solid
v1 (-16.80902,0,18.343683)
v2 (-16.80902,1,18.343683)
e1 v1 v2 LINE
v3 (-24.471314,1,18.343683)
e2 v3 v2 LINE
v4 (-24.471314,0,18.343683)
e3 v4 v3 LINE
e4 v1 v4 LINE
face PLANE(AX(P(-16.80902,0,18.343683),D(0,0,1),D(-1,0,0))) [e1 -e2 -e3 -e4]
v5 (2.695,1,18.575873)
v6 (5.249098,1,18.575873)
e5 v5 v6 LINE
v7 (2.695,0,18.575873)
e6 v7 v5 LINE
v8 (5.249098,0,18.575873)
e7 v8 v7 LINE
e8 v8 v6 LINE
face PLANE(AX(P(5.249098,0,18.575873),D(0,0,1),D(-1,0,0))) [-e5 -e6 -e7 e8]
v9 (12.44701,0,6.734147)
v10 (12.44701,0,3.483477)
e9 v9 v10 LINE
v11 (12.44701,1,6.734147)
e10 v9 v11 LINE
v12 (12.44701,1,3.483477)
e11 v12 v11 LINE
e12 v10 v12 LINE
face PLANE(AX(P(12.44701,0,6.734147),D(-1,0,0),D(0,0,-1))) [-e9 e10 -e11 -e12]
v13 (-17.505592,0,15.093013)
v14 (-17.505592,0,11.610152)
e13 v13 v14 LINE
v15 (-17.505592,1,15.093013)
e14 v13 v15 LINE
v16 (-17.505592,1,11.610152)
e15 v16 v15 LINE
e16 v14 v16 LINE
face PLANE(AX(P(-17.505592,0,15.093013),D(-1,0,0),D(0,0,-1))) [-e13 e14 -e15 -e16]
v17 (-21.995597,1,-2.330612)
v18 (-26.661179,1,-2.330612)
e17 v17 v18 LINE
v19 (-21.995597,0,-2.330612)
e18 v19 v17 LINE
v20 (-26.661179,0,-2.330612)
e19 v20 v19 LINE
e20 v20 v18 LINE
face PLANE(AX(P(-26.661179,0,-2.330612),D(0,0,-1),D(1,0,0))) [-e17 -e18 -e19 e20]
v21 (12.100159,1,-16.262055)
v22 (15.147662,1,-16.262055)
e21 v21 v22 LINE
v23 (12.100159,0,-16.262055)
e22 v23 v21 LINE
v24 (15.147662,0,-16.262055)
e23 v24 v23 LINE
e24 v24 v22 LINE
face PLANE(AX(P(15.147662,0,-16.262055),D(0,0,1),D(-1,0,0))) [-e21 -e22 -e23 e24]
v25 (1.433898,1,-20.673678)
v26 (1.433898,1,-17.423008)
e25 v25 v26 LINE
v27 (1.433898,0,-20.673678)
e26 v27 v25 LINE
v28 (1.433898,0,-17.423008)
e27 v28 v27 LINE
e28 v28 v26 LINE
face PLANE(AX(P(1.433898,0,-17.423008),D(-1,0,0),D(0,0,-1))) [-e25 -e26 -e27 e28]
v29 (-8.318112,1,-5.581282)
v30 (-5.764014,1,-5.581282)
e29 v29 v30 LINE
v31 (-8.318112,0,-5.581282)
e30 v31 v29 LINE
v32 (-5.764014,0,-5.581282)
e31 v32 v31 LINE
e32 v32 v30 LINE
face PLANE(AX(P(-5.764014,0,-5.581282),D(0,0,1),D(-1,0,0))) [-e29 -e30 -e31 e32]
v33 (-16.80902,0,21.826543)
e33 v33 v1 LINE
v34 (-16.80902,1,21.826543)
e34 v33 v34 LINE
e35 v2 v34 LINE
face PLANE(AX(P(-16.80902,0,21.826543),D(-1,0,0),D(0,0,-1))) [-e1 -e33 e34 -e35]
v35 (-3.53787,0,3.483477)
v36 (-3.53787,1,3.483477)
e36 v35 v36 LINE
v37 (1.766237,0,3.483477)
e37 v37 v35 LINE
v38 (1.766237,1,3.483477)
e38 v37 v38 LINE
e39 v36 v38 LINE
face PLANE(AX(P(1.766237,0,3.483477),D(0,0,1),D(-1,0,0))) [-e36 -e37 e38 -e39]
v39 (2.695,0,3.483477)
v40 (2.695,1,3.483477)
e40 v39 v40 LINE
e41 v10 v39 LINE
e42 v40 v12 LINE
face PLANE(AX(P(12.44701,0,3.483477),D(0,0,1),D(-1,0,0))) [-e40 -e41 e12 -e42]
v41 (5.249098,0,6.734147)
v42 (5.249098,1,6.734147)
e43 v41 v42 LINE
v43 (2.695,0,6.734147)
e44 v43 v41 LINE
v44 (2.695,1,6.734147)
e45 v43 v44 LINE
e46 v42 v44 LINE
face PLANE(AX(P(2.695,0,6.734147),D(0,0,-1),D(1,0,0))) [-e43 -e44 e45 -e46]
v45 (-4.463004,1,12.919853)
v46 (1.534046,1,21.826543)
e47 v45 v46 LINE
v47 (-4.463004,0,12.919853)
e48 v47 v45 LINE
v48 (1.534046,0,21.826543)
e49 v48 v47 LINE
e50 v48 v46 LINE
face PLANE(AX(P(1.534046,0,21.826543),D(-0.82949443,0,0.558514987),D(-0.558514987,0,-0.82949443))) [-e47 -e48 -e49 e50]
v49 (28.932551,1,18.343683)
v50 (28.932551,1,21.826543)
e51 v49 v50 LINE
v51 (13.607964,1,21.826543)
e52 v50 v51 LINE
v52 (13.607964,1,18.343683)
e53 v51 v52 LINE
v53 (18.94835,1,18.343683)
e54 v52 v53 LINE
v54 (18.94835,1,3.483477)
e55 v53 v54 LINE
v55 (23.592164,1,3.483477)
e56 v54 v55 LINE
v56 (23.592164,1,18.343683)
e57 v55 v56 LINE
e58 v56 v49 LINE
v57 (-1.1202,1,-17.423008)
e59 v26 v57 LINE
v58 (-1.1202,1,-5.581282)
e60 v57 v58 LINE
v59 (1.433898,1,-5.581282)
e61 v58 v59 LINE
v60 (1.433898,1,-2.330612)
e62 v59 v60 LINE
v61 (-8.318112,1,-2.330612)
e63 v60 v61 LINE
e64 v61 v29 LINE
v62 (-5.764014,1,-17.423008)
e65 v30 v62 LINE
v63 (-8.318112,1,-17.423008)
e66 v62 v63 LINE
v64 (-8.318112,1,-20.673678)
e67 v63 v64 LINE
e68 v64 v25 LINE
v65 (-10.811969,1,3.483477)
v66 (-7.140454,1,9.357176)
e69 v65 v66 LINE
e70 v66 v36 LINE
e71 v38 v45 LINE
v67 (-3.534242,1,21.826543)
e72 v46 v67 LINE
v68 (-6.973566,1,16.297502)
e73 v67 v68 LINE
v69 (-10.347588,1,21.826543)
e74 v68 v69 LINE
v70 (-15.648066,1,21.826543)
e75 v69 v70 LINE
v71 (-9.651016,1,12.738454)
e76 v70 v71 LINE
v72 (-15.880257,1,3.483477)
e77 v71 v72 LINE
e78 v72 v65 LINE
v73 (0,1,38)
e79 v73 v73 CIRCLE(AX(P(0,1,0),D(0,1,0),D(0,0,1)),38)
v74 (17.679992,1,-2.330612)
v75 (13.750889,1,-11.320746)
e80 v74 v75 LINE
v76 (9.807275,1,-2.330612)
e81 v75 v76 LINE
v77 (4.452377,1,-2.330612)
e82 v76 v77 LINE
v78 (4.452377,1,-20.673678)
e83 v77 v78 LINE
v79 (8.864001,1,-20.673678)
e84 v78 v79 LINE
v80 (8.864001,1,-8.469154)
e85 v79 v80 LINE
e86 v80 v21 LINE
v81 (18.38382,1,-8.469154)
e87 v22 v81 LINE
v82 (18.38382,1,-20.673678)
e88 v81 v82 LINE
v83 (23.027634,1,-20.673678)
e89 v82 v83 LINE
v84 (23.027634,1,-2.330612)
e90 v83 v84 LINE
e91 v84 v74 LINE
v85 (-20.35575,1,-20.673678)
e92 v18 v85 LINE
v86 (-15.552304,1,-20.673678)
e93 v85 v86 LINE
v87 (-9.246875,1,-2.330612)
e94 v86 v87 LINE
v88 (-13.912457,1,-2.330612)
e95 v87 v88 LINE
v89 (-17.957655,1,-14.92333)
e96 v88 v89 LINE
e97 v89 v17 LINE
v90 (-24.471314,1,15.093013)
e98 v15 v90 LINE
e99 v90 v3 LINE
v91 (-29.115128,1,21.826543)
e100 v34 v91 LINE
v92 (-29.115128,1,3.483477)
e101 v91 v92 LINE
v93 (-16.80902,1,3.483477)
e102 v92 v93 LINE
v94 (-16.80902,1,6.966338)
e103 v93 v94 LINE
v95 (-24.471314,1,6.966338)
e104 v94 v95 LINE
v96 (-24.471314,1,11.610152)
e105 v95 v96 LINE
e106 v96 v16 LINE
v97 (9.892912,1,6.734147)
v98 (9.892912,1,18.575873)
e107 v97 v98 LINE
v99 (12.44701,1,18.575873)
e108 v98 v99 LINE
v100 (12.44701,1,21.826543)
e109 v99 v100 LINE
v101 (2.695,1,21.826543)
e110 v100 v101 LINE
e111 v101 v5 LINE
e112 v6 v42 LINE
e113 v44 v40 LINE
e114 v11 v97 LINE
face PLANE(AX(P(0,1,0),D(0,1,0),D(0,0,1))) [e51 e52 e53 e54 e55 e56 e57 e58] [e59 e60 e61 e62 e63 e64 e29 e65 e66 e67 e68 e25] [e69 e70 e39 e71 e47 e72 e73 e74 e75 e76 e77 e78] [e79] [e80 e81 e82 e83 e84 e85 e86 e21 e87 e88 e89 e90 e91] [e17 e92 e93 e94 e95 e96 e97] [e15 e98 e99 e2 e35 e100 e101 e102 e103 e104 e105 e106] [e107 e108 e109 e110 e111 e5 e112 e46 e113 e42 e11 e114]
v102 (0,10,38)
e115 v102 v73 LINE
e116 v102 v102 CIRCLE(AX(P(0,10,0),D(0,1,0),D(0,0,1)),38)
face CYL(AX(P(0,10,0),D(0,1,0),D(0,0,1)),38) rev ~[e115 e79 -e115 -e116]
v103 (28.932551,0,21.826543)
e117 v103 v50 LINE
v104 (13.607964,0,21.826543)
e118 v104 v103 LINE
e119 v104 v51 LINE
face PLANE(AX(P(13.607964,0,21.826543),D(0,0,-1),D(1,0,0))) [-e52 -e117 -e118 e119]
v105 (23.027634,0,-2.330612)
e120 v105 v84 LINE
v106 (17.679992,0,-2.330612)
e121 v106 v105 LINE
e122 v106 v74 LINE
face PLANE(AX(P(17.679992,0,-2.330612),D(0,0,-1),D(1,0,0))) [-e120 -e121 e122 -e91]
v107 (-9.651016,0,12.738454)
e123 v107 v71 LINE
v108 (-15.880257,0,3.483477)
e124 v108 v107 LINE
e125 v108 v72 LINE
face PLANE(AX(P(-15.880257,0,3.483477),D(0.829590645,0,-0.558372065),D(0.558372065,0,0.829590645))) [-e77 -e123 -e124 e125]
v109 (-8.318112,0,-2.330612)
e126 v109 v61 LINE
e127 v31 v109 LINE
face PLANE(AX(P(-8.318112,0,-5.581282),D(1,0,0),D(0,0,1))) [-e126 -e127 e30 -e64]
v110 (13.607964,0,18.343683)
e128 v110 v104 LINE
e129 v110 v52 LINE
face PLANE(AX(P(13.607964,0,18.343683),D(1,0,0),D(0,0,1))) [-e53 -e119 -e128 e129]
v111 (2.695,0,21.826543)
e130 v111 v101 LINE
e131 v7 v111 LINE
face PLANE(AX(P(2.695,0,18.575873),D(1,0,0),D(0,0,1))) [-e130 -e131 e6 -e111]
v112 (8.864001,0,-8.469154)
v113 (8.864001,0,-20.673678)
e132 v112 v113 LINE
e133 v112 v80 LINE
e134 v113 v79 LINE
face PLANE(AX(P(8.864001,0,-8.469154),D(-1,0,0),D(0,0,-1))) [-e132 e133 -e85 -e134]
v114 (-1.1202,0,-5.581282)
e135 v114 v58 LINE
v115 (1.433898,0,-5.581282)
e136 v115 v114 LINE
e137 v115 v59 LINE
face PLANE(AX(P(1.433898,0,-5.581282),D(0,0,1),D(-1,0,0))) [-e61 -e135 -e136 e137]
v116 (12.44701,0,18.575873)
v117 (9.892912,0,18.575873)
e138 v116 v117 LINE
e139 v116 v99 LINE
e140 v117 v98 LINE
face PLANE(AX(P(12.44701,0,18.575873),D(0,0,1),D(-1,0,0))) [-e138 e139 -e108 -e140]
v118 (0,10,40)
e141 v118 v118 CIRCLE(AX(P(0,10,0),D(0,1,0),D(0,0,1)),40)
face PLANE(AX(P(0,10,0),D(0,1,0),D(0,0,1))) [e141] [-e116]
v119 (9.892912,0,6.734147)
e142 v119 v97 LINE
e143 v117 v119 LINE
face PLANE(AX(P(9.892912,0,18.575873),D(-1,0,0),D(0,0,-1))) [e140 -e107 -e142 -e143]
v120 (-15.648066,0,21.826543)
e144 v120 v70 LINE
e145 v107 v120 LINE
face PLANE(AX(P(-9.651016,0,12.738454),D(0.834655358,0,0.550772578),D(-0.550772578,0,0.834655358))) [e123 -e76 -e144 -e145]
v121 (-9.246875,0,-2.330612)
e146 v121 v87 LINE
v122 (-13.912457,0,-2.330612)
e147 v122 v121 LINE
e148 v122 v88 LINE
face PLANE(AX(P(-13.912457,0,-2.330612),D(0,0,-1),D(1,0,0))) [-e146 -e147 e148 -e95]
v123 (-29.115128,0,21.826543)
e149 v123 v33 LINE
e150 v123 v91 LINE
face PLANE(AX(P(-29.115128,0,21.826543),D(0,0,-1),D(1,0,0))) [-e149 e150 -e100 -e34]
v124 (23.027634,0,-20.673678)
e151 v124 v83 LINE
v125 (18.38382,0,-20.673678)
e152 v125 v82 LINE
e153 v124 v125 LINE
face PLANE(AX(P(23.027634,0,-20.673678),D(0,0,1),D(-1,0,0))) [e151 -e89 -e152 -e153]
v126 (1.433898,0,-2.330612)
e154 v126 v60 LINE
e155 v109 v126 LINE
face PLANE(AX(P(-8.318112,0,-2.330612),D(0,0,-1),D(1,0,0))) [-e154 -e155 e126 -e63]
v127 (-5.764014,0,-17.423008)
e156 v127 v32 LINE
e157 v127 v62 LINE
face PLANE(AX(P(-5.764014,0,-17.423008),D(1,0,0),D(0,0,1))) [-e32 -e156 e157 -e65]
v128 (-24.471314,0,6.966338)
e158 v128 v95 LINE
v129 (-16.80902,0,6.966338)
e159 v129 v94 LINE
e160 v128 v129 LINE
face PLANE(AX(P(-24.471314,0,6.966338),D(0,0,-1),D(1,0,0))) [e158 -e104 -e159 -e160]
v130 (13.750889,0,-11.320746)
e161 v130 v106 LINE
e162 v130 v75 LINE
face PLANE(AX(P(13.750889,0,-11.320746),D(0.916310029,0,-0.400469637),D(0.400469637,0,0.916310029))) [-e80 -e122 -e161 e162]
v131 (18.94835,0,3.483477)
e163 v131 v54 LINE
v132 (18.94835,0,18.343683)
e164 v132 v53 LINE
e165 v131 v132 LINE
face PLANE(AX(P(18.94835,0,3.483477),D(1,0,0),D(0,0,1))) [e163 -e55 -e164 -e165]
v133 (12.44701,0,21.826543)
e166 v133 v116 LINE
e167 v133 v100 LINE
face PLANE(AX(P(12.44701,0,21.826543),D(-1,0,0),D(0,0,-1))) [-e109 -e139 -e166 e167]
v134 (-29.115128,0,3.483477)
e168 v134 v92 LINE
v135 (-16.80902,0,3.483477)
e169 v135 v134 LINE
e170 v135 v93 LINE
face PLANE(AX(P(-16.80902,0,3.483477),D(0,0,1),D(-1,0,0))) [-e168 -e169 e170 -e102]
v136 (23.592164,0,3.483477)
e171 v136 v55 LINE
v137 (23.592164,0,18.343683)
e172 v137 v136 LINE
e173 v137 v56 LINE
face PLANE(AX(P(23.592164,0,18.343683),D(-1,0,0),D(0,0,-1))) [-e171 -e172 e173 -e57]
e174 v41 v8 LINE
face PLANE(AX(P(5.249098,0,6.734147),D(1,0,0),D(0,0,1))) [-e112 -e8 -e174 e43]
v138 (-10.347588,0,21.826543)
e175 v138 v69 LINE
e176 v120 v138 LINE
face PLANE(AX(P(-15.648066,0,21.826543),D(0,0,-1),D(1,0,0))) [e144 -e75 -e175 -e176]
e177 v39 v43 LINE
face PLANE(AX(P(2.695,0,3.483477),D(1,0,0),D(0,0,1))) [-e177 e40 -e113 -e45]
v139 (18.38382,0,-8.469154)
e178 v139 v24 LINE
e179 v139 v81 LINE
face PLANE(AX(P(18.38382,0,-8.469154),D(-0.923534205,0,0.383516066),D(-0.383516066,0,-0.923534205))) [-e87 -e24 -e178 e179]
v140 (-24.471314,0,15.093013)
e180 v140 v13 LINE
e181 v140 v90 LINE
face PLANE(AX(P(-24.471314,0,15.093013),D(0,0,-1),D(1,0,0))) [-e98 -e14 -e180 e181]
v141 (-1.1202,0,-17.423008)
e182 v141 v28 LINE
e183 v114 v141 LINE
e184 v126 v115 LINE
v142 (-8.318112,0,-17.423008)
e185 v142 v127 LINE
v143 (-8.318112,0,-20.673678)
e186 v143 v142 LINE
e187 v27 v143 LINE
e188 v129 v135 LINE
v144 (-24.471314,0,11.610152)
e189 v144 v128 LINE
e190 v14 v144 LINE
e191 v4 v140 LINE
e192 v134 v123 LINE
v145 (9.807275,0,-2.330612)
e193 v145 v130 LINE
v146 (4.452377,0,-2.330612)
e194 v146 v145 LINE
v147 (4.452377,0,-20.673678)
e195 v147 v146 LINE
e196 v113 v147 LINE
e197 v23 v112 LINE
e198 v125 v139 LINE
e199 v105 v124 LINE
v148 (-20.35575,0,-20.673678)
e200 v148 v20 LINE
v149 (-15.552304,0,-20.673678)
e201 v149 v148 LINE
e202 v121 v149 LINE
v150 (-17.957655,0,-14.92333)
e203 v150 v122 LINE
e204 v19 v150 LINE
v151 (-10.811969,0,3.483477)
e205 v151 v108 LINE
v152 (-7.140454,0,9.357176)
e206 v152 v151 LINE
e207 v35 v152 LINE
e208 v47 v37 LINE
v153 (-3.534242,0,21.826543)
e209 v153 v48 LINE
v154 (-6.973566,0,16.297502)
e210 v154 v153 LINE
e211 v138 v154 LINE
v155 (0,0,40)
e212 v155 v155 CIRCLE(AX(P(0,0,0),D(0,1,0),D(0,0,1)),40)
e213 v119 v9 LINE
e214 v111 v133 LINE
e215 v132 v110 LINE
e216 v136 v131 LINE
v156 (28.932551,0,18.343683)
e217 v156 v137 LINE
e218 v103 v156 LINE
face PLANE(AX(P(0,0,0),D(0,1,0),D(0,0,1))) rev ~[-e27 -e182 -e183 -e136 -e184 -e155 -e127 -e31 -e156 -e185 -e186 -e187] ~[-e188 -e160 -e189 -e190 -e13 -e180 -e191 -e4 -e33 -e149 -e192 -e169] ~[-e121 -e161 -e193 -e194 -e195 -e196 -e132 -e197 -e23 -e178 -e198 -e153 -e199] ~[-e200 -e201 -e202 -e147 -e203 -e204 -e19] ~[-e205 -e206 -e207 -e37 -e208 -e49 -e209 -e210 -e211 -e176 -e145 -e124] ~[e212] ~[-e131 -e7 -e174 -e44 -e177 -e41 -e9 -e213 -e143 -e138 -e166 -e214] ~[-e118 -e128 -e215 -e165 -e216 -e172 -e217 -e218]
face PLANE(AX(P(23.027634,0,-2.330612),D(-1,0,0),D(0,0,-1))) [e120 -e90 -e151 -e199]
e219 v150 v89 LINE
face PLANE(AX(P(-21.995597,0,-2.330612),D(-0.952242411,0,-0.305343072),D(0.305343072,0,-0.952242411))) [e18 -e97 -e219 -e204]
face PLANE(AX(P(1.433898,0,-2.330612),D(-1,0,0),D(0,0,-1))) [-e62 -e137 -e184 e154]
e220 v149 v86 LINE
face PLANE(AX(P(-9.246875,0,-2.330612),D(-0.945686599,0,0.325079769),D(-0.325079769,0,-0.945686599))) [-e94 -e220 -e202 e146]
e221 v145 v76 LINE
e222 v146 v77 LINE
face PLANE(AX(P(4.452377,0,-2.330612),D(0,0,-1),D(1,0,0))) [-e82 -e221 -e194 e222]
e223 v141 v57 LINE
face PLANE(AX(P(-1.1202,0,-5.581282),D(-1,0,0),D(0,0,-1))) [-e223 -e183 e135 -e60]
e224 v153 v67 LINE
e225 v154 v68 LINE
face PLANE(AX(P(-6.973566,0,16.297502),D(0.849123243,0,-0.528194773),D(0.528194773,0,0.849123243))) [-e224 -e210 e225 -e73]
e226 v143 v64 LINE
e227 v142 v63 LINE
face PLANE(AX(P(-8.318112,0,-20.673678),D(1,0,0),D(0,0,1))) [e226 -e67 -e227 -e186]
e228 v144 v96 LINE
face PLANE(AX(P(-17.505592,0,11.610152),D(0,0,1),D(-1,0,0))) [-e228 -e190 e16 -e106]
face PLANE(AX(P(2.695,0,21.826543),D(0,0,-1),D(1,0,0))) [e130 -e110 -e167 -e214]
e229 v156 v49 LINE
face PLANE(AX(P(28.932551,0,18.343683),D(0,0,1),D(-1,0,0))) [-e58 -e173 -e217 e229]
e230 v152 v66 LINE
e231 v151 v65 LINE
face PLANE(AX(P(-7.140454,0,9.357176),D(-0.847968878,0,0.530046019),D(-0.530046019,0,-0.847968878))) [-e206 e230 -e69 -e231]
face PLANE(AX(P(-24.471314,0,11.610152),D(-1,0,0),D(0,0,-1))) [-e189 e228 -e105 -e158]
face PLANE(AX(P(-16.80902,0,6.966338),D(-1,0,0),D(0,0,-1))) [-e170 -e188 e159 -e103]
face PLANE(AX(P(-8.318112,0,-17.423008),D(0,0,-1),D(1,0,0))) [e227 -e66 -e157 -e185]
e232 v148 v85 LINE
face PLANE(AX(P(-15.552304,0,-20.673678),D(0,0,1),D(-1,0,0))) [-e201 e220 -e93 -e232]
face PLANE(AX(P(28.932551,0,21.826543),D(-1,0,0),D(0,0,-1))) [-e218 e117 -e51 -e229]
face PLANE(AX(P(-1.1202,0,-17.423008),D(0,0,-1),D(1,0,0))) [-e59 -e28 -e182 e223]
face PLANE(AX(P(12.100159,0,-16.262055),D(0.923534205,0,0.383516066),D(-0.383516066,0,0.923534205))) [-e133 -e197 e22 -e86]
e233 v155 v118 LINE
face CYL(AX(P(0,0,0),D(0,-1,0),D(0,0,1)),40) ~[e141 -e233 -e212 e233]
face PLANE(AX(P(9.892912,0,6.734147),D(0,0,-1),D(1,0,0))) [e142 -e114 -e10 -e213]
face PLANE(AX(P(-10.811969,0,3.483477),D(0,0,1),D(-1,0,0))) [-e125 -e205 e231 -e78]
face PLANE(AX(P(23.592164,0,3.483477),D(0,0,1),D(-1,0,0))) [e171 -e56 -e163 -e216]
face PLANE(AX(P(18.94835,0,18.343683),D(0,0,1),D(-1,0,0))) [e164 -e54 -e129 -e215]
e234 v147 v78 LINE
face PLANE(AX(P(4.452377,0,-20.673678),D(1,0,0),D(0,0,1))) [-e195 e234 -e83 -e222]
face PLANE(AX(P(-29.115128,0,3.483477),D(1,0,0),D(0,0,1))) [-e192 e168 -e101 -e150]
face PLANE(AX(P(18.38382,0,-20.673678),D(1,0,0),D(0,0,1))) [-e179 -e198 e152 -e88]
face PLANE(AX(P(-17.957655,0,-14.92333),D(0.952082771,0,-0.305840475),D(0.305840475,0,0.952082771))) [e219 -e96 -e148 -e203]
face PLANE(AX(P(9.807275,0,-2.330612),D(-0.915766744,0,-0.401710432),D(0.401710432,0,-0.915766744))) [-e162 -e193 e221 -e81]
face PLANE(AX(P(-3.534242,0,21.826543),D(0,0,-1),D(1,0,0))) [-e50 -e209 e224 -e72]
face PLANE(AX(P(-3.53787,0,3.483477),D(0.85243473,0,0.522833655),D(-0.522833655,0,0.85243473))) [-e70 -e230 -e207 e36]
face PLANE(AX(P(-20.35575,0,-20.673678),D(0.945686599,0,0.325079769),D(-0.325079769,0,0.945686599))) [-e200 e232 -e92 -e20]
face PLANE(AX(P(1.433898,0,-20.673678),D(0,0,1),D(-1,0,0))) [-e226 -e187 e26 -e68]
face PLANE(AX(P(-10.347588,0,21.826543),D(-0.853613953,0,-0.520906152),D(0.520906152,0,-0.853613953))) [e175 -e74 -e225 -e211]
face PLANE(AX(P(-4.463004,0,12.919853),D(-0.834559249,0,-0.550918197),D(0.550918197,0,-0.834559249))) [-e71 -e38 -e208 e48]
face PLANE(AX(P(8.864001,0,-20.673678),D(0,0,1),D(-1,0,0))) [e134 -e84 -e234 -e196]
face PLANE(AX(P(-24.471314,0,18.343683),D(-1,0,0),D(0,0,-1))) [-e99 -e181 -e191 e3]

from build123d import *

# Parameters (mm, degrees)
SKETCH1_R           = 40
BOSS_EXTRUDE1_DEPTH = 10
SKETCH2_R           = 38
CUT_EXTRUDE1_DEPTH  = 9
CUT_EXTRUDE2_DEPTH  = 8


with BuildPart() as part:
    # Sketch1 → Boss-Extrude1 (new body)
    with BuildSketch(Plane(origin=(0, 0, 0), x_dir=(1, 0, 0), z_dir=(0, 1, 0))):
        with Locations(Location((0, 0, 0), (0, 0, 270))):
            Circle(SKETCH1_R)
    extrude(amount=BOSS_EXTRUDE1_DEPTH)

    # Sketch2 → Cut-Extrude1 (cut)
    with BuildSketch(Plane(origin=(0, 10, 0), x_dir=(1, 0, 0), z_dir=(0, 1, 0))):
        with Locations(Location((0, 0, 0), (0, 0, 270))):
            Circle(SKETCH2_R)
    extrude(amount=-CUT_EXTRUDE1_DEPTH, mode=Mode.SUBTRACT)

    # Sketch4 → Cut-Extrude2 (cut)
    with BuildSketch(Plane.XZ):
        Polygon((-29.11512784, 3.483476928), (-29.11512784, 21.826543334), (-16.809019998, 21.826543334), (-16.809019998, 18.343682624), (-24.47131356, 18.343682624), (-24.47131356, 15.093012628), (-17.50559214, 15.093012628), (-17.50559214, 11.610151918), (-24.47131356, 11.610151918), (-24.47131356, 6.966337638), (-16.809019998, 6.966337638), (-16.809019998, 3.483476928), align=None)
        Polygon((1.766237122, 3.483476928), (-3.537869501, 3.483476928), (-7.140453548, 9.357176396), (-10.811969213, 3.483476928), (-15.880257142, 3.483476928), (-9.651015643, 12.738453669), (-15.648066428, 21.826543334), (-10.347587785, 21.826543334), (-6.973566472, 16.297501957), (-3.534241521, 21.826543334), (1.534046408, 21.826543334), (-4.463004377, 12.919852664), align=None)
        Polygon((12.447009966, 3.483476928), (2.694999978, 3.483476928), (2.694999978, 6.734146924), (5.249097832, 6.734146924), (5.249097832, 18.575873338), (2.694999978, 18.575873338), (2.694999978, 21.826543334), (12.447009966, 21.826543334), (12.447009966, 18.575873338), (9.892912112, 18.575873338), (9.892912112, 6.734146924), (12.447009966, 6.734146924), align=None)
        Polygon((18.948349958, 3.483476928), (18.948349958, 18.343682624), (13.607963536, 18.343682624), (13.607963536, 21.826543334), (28.93255066, 21.826543334), (28.93255066, 18.343682624), (23.592164238, 18.343682624), (23.592164238, 3.483476928), align=None)
        Polygon((-9.246875158, -2.330611882), (-15.552304236, -20.673678288), (-20.355749631, -20.673678288), (-26.661178709, -2.330611882), (-21.995596549, -2.330611882), (-17.957654913, -14.923330137), (-13.912457318, -2.330611882), align=None)
        Polygon((1.433897686, -20.673678288), (-8.318112302, -20.673678288), (-8.318112302, -17.423008292), (-5.764014448, -17.423008292), (-5.764014448, -5.581281878), (-8.318112302, -5.581281878), (-8.318112302, -2.330611882), (1.433897686, -2.330611882), (1.433897686, -5.581281878), (-1.120200168, -5.581281878), (-1.120200168, -17.423008292), (1.433897686, -17.423008292), align=None)
        Polygon((23.027634088, -20.673678288), (18.383819808, -20.673678288), (18.383819808, -8.469153883), (15.147661732, -16.262054722), (12.10015861, -16.262054722), (8.864000534, -8.469153883), (8.864000534, -20.673678288), (4.452376968, -20.673678288), (4.452376968, -2.330611882), (9.807275309, -2.330611882), (13.750889468, -11.32074609), (17.679991706, -2.330611882), (23.027634088, -2.330611882), align=None)
    extrude(amount=-CUT_EXTRUDE2_DEPTH, mode=Mode.SUBTRACT)


solid = part.part
